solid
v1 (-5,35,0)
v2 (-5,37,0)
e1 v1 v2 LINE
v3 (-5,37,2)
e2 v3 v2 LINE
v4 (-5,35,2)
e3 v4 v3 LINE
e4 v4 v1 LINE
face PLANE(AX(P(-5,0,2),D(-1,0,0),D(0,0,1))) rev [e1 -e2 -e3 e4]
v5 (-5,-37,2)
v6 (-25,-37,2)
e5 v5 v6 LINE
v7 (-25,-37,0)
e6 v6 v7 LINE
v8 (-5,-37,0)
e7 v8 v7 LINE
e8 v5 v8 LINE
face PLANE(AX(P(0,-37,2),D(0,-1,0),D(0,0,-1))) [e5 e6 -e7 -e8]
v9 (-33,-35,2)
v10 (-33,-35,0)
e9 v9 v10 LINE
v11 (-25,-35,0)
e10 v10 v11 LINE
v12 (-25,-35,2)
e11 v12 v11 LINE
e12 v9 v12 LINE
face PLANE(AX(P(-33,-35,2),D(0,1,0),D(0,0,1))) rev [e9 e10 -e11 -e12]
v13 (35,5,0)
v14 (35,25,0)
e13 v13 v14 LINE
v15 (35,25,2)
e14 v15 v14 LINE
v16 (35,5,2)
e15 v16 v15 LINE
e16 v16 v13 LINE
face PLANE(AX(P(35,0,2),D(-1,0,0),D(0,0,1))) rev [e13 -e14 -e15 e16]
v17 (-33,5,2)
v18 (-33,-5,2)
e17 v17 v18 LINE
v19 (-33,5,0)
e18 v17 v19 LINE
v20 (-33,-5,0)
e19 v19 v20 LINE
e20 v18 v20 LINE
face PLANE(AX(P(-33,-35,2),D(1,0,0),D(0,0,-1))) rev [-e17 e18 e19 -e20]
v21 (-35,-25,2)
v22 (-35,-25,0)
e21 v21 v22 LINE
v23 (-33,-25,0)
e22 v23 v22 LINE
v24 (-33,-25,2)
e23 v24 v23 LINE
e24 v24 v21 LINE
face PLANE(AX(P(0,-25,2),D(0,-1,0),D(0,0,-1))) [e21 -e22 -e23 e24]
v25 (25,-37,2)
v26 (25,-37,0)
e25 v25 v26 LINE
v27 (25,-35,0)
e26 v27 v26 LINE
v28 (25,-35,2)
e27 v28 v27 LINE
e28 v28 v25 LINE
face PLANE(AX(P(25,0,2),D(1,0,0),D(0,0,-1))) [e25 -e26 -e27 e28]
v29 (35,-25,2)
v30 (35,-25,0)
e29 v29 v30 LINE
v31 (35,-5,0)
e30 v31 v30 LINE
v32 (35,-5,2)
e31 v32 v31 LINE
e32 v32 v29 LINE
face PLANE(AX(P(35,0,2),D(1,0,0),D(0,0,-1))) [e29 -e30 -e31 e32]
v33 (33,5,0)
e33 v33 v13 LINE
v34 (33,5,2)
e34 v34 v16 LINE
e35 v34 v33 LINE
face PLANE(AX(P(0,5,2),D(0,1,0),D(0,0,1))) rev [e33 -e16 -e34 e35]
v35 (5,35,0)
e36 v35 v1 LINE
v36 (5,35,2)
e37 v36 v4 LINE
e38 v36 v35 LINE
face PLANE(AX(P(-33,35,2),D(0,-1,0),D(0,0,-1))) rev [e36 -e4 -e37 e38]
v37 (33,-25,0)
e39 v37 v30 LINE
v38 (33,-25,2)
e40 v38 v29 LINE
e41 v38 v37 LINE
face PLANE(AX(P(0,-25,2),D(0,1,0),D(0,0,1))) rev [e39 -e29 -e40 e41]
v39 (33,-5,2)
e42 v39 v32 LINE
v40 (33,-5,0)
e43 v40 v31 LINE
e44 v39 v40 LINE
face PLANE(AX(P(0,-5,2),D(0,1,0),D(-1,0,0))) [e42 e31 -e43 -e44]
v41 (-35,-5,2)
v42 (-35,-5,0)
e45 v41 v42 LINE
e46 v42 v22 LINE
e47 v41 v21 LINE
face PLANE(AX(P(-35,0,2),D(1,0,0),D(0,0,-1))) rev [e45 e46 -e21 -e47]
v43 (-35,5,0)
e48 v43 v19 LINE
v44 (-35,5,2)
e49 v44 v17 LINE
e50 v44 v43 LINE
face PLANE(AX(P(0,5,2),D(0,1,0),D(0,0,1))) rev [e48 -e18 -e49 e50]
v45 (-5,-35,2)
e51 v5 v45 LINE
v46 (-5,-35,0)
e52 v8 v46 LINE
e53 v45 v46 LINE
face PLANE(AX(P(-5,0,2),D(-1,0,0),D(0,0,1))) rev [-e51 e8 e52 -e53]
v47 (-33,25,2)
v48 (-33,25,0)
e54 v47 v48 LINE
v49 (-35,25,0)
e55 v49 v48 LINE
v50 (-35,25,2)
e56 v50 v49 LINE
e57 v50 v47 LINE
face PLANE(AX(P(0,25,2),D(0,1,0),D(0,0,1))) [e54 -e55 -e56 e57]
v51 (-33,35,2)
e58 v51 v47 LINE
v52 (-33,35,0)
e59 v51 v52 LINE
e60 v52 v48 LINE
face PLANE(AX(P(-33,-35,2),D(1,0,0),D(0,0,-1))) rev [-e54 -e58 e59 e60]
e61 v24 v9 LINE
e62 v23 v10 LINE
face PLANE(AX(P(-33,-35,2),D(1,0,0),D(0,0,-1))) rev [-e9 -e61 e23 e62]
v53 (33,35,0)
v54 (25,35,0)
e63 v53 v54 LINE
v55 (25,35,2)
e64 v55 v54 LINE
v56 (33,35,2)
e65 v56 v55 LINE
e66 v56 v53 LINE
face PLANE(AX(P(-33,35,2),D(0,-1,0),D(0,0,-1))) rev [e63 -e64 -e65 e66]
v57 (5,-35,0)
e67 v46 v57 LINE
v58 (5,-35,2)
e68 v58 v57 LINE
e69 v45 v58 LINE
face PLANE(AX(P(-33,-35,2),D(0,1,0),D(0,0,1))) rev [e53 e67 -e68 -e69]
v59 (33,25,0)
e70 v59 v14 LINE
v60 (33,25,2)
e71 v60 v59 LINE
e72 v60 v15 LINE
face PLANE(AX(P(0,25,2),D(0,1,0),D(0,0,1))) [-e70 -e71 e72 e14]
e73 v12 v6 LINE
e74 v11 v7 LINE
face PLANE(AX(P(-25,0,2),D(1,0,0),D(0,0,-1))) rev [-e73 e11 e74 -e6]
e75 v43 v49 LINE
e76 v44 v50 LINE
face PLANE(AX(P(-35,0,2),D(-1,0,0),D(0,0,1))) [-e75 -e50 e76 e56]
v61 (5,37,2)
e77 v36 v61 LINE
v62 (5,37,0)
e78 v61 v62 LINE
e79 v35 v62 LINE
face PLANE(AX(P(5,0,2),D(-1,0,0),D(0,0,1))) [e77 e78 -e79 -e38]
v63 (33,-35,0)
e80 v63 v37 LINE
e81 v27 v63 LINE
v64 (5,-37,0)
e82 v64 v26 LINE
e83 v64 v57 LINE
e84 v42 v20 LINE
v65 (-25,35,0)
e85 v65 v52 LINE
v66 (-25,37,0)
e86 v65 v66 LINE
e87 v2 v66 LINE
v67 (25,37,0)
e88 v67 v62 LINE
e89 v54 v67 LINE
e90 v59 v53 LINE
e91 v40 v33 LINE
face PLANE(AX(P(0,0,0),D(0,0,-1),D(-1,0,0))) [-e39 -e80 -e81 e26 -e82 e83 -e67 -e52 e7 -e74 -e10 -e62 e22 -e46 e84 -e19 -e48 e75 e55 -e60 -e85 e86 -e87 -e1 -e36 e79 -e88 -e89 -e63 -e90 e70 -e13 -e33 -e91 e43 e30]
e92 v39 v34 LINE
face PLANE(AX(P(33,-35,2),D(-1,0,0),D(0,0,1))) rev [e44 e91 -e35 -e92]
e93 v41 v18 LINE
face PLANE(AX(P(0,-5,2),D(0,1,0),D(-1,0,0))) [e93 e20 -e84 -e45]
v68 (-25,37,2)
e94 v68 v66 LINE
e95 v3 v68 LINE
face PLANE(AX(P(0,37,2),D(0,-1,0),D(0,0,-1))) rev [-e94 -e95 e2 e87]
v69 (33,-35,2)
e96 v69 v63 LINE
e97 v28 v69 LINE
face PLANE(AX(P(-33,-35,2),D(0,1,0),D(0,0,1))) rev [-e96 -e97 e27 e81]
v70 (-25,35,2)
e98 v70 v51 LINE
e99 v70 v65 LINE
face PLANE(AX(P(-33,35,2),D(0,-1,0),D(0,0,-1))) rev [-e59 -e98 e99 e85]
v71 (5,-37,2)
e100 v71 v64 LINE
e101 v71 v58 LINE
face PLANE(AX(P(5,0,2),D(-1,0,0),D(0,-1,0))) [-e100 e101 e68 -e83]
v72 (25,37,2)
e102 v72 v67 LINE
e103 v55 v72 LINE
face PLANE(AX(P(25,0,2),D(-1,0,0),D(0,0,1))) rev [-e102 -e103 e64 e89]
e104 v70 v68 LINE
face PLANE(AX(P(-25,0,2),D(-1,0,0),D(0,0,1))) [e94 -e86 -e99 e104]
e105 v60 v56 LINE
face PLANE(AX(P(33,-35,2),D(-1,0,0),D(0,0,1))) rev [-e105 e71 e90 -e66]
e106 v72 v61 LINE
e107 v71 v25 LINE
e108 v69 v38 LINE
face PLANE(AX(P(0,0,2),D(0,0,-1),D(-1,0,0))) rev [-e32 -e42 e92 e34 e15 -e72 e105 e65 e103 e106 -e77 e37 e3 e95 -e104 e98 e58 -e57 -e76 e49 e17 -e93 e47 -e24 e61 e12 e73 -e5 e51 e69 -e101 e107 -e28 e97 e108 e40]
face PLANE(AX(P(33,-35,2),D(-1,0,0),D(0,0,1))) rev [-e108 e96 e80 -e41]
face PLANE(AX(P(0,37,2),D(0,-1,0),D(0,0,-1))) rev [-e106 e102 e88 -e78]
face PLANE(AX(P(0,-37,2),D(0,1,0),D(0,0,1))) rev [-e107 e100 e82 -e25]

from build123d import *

# Parameters (mm, degrees)
SKETCH1_W           = 66
SKETCH1_H           = 70
BOSS_EXTRUDE1_DEPTH = 2
SKETCH2_W           = 2
SKETCH2_H           = 20
BOSS_EXTRUDE2_DEPTH = 2
SKETCH3_W           = 20
SKETCH3_H           = 2
BOSS_EXTRUDE3_DEPTH = 2


with BuildPart() as part:
    # Sketch1 → Boss-Extrude1 (new body)
    with BuildSketch(Plane.XY):
        Rectangle(SKETCH1_W, SKETCH1_H)
    extrude(amount=BOSS_EXTRUDE1_DEPTH)

    # Sketch2 → Boss-Extrude2 (add)
    with BuildSketch(Plane(origin=(0, 0, 0), x_dir=(-1, 0, 0), z_dir=(0, 0, -1))):
        with Locations((34, -15)):
            Rectangle(SKETCH2_W, SKETCH2_H)
        with Locations((34, 15)):
            Rectangle(SKETCH2_W, SKETCH2_H)
        with Locations((-34, -15)):
            Rectangle(SKETCH2_W, SKETCH2_H)
        with Locations((-34, 15)):
            Rectangle(SKETCH2_W, SKETCH2_H)
    extrude(amount=-BOSS_EXTRUDE2_DEPTH)

    # Sketch3 → Boss-Extrude3 (add)
    with BuildSketch(Plane(origin=(0, 0, 0), x_dir=(-1, 0, 0), z_dir=(0, 0, -1))):
        with Locations((-15, 36)):
            Rectangle(SKETCH3_W, SKETCH3_H)
        with Locations((15, 36)):
            Rectangle(SKETCH3_W, SKETCH3_H)
        with Locations((-15, -36)):
            Rectangle(SKETCH3_W, SKETCH3_H)
        with Locations((15, -36)):
            Rectangle(SKETCH3_W, SKETCH3_H)
    extrude(amount=-BOSS_EXTRUDE3_DEPTH)


solid = part.part
